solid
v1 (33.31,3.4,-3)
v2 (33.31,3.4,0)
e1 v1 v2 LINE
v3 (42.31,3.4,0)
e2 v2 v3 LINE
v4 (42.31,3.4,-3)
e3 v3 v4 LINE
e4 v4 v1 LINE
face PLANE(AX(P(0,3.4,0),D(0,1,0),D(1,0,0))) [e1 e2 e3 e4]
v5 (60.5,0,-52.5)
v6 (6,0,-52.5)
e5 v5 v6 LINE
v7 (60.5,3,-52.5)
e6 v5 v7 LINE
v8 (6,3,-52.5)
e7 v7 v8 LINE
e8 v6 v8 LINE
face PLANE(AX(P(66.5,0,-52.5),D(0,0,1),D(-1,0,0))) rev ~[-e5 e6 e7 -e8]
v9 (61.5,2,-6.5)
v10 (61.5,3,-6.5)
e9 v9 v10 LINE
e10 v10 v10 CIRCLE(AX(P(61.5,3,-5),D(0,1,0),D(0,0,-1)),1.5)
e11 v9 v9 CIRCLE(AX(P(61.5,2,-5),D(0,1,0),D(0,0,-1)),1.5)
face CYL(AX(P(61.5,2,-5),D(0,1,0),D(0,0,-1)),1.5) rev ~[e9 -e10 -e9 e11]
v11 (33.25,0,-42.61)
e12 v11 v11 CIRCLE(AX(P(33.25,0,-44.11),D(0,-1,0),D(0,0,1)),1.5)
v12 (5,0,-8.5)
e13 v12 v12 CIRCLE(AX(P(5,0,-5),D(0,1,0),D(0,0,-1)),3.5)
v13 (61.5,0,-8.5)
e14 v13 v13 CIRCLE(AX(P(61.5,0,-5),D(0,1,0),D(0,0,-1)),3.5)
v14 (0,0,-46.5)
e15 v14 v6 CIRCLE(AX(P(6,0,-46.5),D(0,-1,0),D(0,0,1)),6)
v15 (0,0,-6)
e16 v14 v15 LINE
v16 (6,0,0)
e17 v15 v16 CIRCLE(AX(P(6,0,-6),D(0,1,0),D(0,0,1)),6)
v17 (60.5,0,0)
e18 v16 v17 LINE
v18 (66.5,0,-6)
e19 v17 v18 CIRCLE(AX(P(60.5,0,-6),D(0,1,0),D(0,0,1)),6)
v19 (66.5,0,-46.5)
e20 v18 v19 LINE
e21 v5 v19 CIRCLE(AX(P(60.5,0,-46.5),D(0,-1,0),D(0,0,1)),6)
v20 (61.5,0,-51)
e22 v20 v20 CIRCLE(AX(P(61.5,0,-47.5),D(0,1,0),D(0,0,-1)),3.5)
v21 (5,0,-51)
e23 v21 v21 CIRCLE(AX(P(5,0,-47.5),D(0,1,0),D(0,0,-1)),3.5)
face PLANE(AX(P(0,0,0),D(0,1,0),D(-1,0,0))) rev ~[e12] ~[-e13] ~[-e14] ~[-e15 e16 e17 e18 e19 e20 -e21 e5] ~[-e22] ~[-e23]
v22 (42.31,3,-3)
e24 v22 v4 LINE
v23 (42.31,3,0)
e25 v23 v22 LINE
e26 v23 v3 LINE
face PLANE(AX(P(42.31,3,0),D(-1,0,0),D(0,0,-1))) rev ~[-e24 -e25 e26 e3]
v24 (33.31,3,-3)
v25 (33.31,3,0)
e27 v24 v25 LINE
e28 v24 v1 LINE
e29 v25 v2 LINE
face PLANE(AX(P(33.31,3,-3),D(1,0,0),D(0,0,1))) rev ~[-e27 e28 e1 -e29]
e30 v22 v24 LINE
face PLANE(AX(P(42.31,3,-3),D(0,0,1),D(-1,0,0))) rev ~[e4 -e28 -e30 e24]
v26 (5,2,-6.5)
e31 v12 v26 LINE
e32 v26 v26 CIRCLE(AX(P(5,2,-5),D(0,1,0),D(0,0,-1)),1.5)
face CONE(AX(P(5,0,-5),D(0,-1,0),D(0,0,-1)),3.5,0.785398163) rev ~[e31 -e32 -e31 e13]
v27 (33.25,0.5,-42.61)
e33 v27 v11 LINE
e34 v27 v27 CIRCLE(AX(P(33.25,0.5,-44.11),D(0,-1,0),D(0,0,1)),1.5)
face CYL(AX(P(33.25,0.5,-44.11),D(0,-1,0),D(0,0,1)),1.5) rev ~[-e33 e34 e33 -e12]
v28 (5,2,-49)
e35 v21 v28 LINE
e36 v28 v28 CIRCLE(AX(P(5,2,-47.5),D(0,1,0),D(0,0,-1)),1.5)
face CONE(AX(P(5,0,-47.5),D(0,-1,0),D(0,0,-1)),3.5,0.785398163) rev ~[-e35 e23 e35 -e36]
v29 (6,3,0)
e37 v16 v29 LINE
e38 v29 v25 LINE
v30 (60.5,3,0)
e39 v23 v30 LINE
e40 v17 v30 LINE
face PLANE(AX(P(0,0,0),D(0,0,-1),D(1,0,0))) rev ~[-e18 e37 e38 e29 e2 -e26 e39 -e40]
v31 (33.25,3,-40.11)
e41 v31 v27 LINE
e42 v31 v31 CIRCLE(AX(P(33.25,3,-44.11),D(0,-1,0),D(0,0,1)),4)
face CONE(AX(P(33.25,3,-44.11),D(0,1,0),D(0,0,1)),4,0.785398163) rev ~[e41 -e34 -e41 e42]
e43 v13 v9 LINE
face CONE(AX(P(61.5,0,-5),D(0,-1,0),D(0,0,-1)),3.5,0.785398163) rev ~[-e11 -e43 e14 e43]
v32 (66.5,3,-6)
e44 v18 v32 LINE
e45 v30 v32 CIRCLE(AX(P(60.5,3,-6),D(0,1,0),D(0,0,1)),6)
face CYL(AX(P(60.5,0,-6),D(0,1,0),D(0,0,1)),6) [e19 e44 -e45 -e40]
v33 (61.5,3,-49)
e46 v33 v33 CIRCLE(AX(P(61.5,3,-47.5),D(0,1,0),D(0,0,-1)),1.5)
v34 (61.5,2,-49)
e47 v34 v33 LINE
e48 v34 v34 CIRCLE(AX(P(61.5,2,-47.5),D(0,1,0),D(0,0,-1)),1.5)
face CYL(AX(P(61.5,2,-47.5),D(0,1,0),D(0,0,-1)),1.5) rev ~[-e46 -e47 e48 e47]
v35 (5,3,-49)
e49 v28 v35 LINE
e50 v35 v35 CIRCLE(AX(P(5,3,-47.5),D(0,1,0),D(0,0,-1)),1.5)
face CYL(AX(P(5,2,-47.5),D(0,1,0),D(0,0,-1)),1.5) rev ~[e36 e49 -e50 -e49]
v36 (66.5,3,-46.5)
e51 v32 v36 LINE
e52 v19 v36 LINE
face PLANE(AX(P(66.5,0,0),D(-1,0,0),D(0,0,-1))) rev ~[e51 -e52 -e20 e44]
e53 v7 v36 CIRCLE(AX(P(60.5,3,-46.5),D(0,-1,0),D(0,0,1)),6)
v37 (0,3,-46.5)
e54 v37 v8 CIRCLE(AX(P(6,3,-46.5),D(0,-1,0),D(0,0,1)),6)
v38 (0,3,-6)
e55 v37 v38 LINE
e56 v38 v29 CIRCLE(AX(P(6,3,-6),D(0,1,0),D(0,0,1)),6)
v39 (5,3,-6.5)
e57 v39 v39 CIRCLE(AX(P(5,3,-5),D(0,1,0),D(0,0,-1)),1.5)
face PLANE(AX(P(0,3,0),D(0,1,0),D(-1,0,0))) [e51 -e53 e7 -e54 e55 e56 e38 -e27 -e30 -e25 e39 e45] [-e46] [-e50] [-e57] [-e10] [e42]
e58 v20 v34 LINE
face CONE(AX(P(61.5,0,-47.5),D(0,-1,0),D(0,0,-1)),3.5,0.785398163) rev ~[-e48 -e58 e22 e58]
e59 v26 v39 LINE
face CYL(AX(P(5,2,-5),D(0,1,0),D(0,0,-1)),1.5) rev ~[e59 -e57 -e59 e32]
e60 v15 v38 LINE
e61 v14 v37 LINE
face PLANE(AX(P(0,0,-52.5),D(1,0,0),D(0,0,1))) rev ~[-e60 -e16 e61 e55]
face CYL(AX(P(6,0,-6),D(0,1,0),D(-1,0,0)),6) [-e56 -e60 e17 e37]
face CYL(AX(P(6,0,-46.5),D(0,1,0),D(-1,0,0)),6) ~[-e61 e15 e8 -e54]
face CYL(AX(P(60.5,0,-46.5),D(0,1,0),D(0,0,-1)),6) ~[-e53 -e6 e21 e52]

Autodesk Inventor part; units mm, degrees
ref_plane "YZ Plane" through (0, 0, 0) normal (1, 0, 0) x (0, 1, 0)
ref_plane "XZ Plane" through (0, 0, 0) normal (0, 1, 0) x (-1, 0, 0)
ref_plane "XY Plane" through (0, 0, 0) normal (0, 0, 1) x (1, 0, 0)
sketch "Sketch1" plane through (0, 0, 0) normal (0, 1, 0) x (-1, 0, 0)
  line L0 (0, 0) -> (-66.5, 0)
  line L1 (-66.5, 0) -> (-66.5, -52.5)
  line L2 (-66.5, -52.5) -> (0, -52.5)
  line L3 (0, -52.5) -> (0, 0)
  dimension "d0" = 52.5
  dimension "d1" = 66.5
extrude "Extrusion1" add sketch "Sketch1" along normal blind 3
sketch "Sketch2" plane through (0, 3, 0) normal (0, 1, 0) x (1, 0, 0)
  line L0 (0, 0) -> (66.5, 0) projected
  line L1 (66.5, 0) -> (66.5, 52.5) projected
  line L2 (33.31, 0) -> (42.31, 0)
  line L3 (42.31, 0) -> (42.31, 3)
  line L4 (42.31, 3) -> (33.31, 3)
  line L5 (33.31, 3) -> (33.31, 0)
  point P0 (37.81, 3)
  dimension "d5" = 9
  dimension "d6" = 3
  dimension "d7" = 28.69
extrude "Extrusion2" add sketch "Sketch2" along normal blind 0.4
sketch "Sketch4" plane through (0, 0, 0) normal (0, -1, 0) x (1, 0, 0)
  line L0 (66.5, -52.5) -> (0, -52.5) projected
  line L1 (66.5, 0) -> (66.5, -52.5) projected
  line L2 (61.5, -47.5) -> (5, -47.5) construction
  line L3 (5, -47.5) -> (5, -5) construction
  line L4 (5, -5) -> (61.5, -5) construction
  line L5 (61.5, -5) -> (61.5, -47.5) construction
  point P0 (33.25, -47.5)
  point P1 (33.25, -52.5)
  point P2 (61.5, -26.25)
  point P3 (66.5, -26.25)
  dimension "d12" = 56.5
  dimension "d13" = 42.5
hole "Hole1" at (61.5, 0, -47.5) at (5, 0, -47.5) at (5, 0, -5) at (61.5, 0, -5) direction (0, 1, 0) diameter 3 end through all countersink diameter 7 countersink angle 90
sketch "Sketch5" plane through (0, 3, 0) normal (0, 1, 0) x (1, 0, 0)
  line L0 (66.5, 52.5) -> (0, 52.5) projected
  line L1 (0, 52.5) -> (0, 0) projected
  line L2 (56.11, 3.39) -> (10.39, 3.39) construction
  line L3 (10.39, 3.39) -> (10.39, 49.11) construction
  line L4 (10.39, 49.11) -> (56.11, 49.11) construction
  line L5 (56.11, 49.11) -> (56.11, 3.39) construction
  point P0 (33.25, 49.11)
  point P1 (33.25, 52.5)
  point P2 (10.39, 26.25)
  point P3 (0, 26.25)
  point P4 (33.25, 44.11)
  dimension "d21" = 45.72
  dimension "d22" = 5
  dimension "d23" = 22.86
hole "Hole2" at (33.25, 3, -44.11) direction (0, -1, 0) diameter 3 end through all countersink diameter 8 countersink angle 90
fillet "Fillet1" radius 6 4 edges at (0, 1.5, -52.5) (66.5, 1.5, -52.5) (66.5, 1.5, 0) (0, 1.5, 0)
properties part number "top"
